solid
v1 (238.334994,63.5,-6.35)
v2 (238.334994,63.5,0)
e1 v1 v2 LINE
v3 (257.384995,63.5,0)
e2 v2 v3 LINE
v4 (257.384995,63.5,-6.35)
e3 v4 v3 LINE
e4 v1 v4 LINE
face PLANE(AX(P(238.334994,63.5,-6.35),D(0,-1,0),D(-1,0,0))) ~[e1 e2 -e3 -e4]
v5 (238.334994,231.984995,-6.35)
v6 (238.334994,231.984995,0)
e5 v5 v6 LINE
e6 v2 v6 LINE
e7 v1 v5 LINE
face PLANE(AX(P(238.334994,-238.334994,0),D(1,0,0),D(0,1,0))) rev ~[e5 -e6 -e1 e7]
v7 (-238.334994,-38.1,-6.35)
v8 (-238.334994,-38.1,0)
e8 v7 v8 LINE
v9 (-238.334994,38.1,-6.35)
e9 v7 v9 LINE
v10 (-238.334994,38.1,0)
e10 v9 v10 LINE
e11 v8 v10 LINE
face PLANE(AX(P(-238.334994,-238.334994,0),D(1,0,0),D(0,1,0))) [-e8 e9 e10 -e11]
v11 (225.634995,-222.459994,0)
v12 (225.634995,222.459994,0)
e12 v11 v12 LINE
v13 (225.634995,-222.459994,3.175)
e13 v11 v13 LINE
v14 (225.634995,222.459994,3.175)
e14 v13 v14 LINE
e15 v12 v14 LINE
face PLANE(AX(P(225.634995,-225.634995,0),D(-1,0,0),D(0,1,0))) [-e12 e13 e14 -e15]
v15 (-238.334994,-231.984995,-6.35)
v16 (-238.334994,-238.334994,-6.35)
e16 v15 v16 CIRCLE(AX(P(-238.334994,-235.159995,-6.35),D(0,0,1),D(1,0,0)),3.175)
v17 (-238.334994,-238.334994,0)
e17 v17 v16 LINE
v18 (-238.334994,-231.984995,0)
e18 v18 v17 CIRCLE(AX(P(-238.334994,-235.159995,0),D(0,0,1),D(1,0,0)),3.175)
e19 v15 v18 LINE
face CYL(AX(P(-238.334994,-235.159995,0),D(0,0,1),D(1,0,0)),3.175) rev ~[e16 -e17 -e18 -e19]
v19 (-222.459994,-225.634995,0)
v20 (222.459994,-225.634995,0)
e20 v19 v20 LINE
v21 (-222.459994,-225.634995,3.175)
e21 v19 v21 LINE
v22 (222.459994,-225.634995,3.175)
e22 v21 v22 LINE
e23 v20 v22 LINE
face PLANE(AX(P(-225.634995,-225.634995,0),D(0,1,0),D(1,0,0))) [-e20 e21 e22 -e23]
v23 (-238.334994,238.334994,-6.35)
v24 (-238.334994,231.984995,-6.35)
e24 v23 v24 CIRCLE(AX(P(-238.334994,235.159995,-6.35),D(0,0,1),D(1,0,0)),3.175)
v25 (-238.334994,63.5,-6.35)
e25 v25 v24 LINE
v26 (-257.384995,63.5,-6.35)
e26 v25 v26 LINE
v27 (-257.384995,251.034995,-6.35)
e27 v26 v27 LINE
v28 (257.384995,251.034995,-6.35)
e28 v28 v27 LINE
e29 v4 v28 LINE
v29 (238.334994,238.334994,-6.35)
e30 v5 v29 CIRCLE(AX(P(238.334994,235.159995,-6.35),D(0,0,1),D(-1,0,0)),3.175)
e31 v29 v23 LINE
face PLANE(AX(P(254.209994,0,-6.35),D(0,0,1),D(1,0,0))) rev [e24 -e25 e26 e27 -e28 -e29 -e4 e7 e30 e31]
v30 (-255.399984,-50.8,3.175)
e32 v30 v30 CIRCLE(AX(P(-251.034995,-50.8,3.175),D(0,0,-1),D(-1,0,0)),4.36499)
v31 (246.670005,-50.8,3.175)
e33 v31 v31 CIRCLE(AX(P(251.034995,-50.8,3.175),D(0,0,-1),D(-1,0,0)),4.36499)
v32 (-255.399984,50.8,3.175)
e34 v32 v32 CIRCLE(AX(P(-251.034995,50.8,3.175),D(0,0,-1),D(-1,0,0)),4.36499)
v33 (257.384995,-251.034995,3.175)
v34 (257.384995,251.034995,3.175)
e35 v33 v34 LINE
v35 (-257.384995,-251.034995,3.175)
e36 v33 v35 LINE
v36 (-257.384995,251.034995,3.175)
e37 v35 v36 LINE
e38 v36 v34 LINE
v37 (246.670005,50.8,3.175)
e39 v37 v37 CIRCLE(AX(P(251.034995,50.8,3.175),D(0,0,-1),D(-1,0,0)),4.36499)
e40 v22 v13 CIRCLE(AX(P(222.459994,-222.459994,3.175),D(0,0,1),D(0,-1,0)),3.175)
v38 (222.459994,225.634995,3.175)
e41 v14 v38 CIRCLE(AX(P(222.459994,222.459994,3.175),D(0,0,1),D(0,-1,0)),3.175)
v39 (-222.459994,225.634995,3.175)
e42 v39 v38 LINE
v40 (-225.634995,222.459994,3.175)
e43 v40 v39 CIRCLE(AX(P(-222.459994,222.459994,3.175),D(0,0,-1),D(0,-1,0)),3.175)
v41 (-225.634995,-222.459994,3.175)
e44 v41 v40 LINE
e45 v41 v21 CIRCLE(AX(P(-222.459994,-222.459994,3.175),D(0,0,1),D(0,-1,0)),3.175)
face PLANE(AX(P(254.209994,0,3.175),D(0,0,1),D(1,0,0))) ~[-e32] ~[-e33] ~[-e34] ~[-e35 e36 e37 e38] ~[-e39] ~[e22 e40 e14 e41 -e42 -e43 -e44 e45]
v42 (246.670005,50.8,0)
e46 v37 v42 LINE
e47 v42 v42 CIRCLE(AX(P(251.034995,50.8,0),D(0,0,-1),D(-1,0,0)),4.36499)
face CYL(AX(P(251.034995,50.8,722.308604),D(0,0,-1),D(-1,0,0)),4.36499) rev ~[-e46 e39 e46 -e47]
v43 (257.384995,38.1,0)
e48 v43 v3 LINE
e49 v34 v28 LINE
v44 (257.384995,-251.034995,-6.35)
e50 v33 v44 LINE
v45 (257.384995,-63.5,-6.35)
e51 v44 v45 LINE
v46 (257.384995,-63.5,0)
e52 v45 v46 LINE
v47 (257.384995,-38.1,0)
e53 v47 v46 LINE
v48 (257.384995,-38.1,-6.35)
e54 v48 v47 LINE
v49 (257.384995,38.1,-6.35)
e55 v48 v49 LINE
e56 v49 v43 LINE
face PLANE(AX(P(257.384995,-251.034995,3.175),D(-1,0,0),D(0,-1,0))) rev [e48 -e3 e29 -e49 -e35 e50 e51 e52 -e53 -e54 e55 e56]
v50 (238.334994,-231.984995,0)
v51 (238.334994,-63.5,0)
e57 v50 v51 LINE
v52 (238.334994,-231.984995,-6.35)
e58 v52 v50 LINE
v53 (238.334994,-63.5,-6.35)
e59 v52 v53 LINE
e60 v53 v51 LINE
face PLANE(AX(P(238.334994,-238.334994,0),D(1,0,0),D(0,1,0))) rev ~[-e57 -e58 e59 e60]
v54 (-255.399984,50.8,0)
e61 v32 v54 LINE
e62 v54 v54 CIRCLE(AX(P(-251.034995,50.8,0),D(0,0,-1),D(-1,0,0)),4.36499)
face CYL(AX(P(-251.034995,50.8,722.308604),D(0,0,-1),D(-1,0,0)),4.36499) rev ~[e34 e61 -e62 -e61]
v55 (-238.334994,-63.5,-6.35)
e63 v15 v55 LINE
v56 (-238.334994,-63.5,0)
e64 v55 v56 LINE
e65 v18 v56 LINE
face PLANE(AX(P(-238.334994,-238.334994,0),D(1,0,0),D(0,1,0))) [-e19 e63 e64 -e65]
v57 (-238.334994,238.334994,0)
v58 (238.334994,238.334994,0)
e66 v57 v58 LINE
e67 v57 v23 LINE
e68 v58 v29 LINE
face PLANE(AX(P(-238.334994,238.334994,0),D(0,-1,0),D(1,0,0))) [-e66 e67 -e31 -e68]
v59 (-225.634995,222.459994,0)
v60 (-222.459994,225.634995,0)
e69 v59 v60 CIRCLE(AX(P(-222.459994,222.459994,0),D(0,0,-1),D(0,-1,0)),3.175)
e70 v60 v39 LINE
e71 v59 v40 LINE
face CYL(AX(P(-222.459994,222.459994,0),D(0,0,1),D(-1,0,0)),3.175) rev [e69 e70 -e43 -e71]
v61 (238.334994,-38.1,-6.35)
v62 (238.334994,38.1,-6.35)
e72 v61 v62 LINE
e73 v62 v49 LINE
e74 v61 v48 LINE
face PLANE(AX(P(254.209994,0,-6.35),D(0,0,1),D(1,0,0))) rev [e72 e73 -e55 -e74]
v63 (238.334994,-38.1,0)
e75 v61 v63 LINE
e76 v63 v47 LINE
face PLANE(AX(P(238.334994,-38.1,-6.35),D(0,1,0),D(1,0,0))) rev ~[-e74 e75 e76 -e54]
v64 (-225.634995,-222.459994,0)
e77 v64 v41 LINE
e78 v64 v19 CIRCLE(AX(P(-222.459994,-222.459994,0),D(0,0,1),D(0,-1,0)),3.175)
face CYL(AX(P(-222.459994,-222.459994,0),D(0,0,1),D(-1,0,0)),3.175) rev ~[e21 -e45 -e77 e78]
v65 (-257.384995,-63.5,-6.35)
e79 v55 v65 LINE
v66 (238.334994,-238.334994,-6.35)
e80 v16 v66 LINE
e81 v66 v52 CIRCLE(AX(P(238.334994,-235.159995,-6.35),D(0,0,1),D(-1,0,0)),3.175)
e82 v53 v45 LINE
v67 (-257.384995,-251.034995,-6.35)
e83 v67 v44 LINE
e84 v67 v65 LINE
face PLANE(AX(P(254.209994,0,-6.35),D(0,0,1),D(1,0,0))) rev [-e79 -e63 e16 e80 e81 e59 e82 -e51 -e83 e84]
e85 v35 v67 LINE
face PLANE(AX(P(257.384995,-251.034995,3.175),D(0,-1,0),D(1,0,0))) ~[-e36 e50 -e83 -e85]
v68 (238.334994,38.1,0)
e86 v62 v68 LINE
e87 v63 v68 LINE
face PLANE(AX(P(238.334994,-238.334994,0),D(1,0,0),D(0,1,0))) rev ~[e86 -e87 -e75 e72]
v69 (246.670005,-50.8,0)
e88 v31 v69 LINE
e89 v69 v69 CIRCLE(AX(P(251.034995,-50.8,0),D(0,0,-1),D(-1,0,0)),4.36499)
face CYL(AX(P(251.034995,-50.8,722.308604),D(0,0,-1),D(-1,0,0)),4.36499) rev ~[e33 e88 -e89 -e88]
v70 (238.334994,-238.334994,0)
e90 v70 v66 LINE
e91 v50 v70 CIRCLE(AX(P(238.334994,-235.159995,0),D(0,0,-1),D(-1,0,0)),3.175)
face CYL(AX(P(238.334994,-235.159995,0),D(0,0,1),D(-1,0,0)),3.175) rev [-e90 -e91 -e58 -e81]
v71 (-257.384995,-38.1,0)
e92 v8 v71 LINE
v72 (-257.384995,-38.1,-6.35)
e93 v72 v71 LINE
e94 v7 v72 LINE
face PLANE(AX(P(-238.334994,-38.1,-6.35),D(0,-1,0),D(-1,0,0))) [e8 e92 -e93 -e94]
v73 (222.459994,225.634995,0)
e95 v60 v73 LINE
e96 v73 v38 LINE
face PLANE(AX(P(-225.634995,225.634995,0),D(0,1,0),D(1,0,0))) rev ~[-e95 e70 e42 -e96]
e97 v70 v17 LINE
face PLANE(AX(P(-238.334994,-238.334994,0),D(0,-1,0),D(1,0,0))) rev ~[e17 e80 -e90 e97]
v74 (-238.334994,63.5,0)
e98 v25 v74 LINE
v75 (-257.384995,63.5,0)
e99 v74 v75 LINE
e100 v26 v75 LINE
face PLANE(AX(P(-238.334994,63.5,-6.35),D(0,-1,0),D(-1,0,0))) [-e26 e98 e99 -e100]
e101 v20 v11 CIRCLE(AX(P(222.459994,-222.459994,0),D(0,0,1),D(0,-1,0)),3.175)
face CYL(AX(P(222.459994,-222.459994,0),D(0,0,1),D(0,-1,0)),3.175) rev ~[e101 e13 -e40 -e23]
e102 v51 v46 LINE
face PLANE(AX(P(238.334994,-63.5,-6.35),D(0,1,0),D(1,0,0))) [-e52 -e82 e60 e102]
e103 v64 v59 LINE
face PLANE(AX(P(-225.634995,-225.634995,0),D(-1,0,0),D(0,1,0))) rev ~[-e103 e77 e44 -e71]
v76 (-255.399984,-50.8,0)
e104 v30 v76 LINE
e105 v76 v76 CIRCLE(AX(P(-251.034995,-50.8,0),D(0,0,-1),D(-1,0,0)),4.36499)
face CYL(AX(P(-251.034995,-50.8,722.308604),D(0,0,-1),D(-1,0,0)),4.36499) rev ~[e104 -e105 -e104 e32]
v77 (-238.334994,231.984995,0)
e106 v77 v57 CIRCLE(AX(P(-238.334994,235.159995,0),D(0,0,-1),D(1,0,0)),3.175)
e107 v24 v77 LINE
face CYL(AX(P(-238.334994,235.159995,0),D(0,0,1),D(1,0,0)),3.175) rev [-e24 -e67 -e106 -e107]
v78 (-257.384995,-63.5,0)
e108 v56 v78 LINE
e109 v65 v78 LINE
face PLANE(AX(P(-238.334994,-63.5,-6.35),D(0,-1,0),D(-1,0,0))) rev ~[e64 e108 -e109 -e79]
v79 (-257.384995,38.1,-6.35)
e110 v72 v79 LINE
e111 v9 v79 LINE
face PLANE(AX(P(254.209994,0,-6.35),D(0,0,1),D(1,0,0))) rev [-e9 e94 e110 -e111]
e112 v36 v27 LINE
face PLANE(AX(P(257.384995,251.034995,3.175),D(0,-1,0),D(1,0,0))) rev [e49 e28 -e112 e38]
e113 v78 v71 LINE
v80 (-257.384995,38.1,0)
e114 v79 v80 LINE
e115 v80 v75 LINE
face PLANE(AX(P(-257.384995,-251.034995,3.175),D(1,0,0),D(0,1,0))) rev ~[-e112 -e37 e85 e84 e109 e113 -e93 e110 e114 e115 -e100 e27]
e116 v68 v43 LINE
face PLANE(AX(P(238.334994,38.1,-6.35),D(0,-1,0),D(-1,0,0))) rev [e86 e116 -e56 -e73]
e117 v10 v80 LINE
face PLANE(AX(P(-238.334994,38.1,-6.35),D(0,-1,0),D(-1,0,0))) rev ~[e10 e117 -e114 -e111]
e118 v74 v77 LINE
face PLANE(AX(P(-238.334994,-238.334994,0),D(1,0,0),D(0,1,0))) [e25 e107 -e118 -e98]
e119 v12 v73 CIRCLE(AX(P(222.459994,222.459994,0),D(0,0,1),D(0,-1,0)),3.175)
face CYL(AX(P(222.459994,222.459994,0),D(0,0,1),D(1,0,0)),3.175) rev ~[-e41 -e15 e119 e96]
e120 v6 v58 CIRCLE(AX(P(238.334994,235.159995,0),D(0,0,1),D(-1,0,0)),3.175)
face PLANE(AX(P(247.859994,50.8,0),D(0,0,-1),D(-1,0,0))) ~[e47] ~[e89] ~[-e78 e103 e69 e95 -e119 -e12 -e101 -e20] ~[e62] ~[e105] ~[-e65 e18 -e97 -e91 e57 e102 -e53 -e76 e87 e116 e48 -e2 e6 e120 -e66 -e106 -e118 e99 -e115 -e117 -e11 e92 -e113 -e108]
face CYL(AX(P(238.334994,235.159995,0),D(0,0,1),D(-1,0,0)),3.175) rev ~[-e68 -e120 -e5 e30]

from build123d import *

# Parameters (mm, degrees)
SKETCH1_W                = 502.069989
SKETCH1_H                = 502.069989
SKETCH1_W_2              = 476.669989
SKETCH1_H_2              = 476.669989
EXTRUDE1_DEPTH           = 6.35
SKETCH2_W                = 502.069989
SKETCH2_H                = 502.069989
SKETCH2_W_2              = 451.269989
SKETCH2_H_2              = 451.269989
EXTRUDE2_DEPTH           = 3.175
SKETCH7_W                = 6.35
SKETCH7_H                = 502.069989
EXTRUDE3_DEPTH           = 9.525
F_5_16_CLEARANCE_HOLE1_D = 8.72998
SKETCH8_W                = 19.05
SKETCH8_H                = 25.4
CUT_EXTRUDE1_DEPTH       = 6.35
LPATTERN1_COUNT          = 2
LPATTERN1_PITCH          = 101.6
MIRROR2_COPY_1_SKETCH_W  = 19.05
MIRROR2_COPY_1_SKETCH_H  = 25.4
MIRROR2_COPY_1_DEPTH     = 6.35
EXTRUDE4_DEPTH           = 360.591332428
FILLET1_R                = 3.175


with BuildPart() as part:
    # Sketch1 → Extrude1 (new body)
    with BuildSketch(Plane.XY):
        Rectangle(SKETCH1_W, SKETCH1_H)
        Rectangle(SKETCH1_W_2, SKETCH1_H_2, mode=Mode.SUBTRACT)
    extrude(amount=-EXTRUDE1_DEPTH)

    # Sketch2 → Extrude2 (add)
    with BuildSketch(Plane.XY):
        Rectangle(SKETCH2_W, SKETCH2_H)
        Rectangle(SKETCH2_W_2, SKETCH2_H_2, mode=Mode.SUBTRACT)
    extrude(amount=EXTRUDE2_DEPTH)

    # Sketch7 → Extrude3 (add)
    with BuildSketch(Plane.XY.offset(3.175)):
        with Locations((-254.2099945, 0)):
            Rectangle(SKETCH7_W, SKETCH7_H)
    extrude3 = extrude(amount=-EXTRUDE3_DEPTH)

    # Mirror1: Extrude3 across plane
    add(extrude3.mirror(Plane(origin=(0, 0, 0), x_dir=(0, 0, 1), z_dir=(1, 0, 0))))

    # 5/16 Clearance Hole1 (through all)
    with Locations(Plane.XY.offset(3.175)):
        with Locations((251.0349945, -50.8), (251.0349945, 50.8), (-251.0349945, -50.8), (-251.0349945, 50.8)):
            Hole(F_5_16_CLEARANCE_HOLE1_D / 2)

    # Sketch8 → Cut-Extrude1 (cut)
    with BuildSketch(Plane(origin=(0, 0, -6.35), x_dir=(-1, 0, 0), z_dir=(0, 0, -1))):
        with Locations((247.8599945, 50.8)):
            Rectangle(SKETCH8_W, SKETCH8_H)
    cut_extrude1 = extrude(amount=-CUT_EXTRUDE1_DEPTH, mode=Mode.SUBTRACT)

    # LPattern1: Cut-Extrude1 ×2
    with Locations(*[(0, -i * LPATTERN1_PITCH, 0) for i in range(1, LPATTERN1_COUNT)]):
        add(cut_extrude1, mode=Mode.SUBTRACT)

    # Mirror2: Cut-Extrude1 across plane
    add(cut_extrude1.mirror(Plane(origin=(0, 0, 0), x_dir=(0, 0, 1), z_dir=(1, 0, 0))), mode=Mode.SUBTRACT)

    # Mirror2 copy 1 sketch → Mirror2 copy 1 (cut)
    with BuildSketch(Plane(origin=(0, -101.6, -6.35), x_dir=(1, 0, 0), z_dir=(0, 0, -1))):
        with Locations((247.8599945, -50.8)):
            Rectangle(MIRROR2_COPY_1_SKETCH_W, MIRROR2_COPY_1_SKETCH_H)
    extrude(amount=-MIRROR2_COPY_1_DEPTH, mode=Mode.SUBTRACT)

    # Sketch9 → Extrude4 (cut, through all)
    with BuildSketch(Plane(origin=(0, 0, 0), x_dir=(-1, 0, 0), z_dir=(0, 0, -1))):
        with BuildLine():
            Line((-238.3349945, 238.3349945), (-235.1599945, 238.3349945))
            Line((-235.1599945, 238.3349945), (-235.1599945, 235.1599945))
            ThreePointArc((-235.1599945, 235.1599945), (-240.58005853, 232.91493047), (-238.3349945, 238.3349945))
        make_face()
        with BuildLine():
            Line((235.1599945, 238.3349945), (235.1599945, 235.1599945))
            ThreePointArc((235.1599945, 235.1599945), (240.58005853, 232.91493047), (238.3349945, 238.3349945))
            Line((238.3349945, 238.3349945), (235.1599945, 238.3349945))
        make_face()
        with BuildLine():
            Line((238.3349945, -238.3349945), (235.1599945, -238.3349945))
            Line((235.1599945, -238.3349945), (235.1599945, -235.1599945))
            ThreePointArc((235.1599945, -235.1599945), (240.58005853, -232.91493047), (238.3349945, -238.3349945))
        make_face()
        with BuildLine():
            Line((-235.1599945, -238.3349945), (-235.1599945, -235.1599945))
            ThreePointArc((-235.1599945, -235.1599945), (-240.58005853, -232.91493047), (-238.3349945, -238.3349945))
            Line((-238.3349945, -238.3349945), (-235.1599945, -238.3349945))
        make_face()
    extrude(amount=EXTRUDE4_DEPTH, mode=Mode.SUBTRACT)

    # Fillet1
    fillet1_edges = [part.edges().sort_by_distance(p)[0] for p in [
        (-225.6349945, 225.6349945, 1.5875),
        (-225.6349945, -225.6349945, 1.5875),
        (225.6349945, -225.6349945, 1.5875),
        (225.6349945, 225.6349945, 1.5875),
    ]]
    fillet(fillet1_edges, radius=FILLET1_R)


solid = part.part
